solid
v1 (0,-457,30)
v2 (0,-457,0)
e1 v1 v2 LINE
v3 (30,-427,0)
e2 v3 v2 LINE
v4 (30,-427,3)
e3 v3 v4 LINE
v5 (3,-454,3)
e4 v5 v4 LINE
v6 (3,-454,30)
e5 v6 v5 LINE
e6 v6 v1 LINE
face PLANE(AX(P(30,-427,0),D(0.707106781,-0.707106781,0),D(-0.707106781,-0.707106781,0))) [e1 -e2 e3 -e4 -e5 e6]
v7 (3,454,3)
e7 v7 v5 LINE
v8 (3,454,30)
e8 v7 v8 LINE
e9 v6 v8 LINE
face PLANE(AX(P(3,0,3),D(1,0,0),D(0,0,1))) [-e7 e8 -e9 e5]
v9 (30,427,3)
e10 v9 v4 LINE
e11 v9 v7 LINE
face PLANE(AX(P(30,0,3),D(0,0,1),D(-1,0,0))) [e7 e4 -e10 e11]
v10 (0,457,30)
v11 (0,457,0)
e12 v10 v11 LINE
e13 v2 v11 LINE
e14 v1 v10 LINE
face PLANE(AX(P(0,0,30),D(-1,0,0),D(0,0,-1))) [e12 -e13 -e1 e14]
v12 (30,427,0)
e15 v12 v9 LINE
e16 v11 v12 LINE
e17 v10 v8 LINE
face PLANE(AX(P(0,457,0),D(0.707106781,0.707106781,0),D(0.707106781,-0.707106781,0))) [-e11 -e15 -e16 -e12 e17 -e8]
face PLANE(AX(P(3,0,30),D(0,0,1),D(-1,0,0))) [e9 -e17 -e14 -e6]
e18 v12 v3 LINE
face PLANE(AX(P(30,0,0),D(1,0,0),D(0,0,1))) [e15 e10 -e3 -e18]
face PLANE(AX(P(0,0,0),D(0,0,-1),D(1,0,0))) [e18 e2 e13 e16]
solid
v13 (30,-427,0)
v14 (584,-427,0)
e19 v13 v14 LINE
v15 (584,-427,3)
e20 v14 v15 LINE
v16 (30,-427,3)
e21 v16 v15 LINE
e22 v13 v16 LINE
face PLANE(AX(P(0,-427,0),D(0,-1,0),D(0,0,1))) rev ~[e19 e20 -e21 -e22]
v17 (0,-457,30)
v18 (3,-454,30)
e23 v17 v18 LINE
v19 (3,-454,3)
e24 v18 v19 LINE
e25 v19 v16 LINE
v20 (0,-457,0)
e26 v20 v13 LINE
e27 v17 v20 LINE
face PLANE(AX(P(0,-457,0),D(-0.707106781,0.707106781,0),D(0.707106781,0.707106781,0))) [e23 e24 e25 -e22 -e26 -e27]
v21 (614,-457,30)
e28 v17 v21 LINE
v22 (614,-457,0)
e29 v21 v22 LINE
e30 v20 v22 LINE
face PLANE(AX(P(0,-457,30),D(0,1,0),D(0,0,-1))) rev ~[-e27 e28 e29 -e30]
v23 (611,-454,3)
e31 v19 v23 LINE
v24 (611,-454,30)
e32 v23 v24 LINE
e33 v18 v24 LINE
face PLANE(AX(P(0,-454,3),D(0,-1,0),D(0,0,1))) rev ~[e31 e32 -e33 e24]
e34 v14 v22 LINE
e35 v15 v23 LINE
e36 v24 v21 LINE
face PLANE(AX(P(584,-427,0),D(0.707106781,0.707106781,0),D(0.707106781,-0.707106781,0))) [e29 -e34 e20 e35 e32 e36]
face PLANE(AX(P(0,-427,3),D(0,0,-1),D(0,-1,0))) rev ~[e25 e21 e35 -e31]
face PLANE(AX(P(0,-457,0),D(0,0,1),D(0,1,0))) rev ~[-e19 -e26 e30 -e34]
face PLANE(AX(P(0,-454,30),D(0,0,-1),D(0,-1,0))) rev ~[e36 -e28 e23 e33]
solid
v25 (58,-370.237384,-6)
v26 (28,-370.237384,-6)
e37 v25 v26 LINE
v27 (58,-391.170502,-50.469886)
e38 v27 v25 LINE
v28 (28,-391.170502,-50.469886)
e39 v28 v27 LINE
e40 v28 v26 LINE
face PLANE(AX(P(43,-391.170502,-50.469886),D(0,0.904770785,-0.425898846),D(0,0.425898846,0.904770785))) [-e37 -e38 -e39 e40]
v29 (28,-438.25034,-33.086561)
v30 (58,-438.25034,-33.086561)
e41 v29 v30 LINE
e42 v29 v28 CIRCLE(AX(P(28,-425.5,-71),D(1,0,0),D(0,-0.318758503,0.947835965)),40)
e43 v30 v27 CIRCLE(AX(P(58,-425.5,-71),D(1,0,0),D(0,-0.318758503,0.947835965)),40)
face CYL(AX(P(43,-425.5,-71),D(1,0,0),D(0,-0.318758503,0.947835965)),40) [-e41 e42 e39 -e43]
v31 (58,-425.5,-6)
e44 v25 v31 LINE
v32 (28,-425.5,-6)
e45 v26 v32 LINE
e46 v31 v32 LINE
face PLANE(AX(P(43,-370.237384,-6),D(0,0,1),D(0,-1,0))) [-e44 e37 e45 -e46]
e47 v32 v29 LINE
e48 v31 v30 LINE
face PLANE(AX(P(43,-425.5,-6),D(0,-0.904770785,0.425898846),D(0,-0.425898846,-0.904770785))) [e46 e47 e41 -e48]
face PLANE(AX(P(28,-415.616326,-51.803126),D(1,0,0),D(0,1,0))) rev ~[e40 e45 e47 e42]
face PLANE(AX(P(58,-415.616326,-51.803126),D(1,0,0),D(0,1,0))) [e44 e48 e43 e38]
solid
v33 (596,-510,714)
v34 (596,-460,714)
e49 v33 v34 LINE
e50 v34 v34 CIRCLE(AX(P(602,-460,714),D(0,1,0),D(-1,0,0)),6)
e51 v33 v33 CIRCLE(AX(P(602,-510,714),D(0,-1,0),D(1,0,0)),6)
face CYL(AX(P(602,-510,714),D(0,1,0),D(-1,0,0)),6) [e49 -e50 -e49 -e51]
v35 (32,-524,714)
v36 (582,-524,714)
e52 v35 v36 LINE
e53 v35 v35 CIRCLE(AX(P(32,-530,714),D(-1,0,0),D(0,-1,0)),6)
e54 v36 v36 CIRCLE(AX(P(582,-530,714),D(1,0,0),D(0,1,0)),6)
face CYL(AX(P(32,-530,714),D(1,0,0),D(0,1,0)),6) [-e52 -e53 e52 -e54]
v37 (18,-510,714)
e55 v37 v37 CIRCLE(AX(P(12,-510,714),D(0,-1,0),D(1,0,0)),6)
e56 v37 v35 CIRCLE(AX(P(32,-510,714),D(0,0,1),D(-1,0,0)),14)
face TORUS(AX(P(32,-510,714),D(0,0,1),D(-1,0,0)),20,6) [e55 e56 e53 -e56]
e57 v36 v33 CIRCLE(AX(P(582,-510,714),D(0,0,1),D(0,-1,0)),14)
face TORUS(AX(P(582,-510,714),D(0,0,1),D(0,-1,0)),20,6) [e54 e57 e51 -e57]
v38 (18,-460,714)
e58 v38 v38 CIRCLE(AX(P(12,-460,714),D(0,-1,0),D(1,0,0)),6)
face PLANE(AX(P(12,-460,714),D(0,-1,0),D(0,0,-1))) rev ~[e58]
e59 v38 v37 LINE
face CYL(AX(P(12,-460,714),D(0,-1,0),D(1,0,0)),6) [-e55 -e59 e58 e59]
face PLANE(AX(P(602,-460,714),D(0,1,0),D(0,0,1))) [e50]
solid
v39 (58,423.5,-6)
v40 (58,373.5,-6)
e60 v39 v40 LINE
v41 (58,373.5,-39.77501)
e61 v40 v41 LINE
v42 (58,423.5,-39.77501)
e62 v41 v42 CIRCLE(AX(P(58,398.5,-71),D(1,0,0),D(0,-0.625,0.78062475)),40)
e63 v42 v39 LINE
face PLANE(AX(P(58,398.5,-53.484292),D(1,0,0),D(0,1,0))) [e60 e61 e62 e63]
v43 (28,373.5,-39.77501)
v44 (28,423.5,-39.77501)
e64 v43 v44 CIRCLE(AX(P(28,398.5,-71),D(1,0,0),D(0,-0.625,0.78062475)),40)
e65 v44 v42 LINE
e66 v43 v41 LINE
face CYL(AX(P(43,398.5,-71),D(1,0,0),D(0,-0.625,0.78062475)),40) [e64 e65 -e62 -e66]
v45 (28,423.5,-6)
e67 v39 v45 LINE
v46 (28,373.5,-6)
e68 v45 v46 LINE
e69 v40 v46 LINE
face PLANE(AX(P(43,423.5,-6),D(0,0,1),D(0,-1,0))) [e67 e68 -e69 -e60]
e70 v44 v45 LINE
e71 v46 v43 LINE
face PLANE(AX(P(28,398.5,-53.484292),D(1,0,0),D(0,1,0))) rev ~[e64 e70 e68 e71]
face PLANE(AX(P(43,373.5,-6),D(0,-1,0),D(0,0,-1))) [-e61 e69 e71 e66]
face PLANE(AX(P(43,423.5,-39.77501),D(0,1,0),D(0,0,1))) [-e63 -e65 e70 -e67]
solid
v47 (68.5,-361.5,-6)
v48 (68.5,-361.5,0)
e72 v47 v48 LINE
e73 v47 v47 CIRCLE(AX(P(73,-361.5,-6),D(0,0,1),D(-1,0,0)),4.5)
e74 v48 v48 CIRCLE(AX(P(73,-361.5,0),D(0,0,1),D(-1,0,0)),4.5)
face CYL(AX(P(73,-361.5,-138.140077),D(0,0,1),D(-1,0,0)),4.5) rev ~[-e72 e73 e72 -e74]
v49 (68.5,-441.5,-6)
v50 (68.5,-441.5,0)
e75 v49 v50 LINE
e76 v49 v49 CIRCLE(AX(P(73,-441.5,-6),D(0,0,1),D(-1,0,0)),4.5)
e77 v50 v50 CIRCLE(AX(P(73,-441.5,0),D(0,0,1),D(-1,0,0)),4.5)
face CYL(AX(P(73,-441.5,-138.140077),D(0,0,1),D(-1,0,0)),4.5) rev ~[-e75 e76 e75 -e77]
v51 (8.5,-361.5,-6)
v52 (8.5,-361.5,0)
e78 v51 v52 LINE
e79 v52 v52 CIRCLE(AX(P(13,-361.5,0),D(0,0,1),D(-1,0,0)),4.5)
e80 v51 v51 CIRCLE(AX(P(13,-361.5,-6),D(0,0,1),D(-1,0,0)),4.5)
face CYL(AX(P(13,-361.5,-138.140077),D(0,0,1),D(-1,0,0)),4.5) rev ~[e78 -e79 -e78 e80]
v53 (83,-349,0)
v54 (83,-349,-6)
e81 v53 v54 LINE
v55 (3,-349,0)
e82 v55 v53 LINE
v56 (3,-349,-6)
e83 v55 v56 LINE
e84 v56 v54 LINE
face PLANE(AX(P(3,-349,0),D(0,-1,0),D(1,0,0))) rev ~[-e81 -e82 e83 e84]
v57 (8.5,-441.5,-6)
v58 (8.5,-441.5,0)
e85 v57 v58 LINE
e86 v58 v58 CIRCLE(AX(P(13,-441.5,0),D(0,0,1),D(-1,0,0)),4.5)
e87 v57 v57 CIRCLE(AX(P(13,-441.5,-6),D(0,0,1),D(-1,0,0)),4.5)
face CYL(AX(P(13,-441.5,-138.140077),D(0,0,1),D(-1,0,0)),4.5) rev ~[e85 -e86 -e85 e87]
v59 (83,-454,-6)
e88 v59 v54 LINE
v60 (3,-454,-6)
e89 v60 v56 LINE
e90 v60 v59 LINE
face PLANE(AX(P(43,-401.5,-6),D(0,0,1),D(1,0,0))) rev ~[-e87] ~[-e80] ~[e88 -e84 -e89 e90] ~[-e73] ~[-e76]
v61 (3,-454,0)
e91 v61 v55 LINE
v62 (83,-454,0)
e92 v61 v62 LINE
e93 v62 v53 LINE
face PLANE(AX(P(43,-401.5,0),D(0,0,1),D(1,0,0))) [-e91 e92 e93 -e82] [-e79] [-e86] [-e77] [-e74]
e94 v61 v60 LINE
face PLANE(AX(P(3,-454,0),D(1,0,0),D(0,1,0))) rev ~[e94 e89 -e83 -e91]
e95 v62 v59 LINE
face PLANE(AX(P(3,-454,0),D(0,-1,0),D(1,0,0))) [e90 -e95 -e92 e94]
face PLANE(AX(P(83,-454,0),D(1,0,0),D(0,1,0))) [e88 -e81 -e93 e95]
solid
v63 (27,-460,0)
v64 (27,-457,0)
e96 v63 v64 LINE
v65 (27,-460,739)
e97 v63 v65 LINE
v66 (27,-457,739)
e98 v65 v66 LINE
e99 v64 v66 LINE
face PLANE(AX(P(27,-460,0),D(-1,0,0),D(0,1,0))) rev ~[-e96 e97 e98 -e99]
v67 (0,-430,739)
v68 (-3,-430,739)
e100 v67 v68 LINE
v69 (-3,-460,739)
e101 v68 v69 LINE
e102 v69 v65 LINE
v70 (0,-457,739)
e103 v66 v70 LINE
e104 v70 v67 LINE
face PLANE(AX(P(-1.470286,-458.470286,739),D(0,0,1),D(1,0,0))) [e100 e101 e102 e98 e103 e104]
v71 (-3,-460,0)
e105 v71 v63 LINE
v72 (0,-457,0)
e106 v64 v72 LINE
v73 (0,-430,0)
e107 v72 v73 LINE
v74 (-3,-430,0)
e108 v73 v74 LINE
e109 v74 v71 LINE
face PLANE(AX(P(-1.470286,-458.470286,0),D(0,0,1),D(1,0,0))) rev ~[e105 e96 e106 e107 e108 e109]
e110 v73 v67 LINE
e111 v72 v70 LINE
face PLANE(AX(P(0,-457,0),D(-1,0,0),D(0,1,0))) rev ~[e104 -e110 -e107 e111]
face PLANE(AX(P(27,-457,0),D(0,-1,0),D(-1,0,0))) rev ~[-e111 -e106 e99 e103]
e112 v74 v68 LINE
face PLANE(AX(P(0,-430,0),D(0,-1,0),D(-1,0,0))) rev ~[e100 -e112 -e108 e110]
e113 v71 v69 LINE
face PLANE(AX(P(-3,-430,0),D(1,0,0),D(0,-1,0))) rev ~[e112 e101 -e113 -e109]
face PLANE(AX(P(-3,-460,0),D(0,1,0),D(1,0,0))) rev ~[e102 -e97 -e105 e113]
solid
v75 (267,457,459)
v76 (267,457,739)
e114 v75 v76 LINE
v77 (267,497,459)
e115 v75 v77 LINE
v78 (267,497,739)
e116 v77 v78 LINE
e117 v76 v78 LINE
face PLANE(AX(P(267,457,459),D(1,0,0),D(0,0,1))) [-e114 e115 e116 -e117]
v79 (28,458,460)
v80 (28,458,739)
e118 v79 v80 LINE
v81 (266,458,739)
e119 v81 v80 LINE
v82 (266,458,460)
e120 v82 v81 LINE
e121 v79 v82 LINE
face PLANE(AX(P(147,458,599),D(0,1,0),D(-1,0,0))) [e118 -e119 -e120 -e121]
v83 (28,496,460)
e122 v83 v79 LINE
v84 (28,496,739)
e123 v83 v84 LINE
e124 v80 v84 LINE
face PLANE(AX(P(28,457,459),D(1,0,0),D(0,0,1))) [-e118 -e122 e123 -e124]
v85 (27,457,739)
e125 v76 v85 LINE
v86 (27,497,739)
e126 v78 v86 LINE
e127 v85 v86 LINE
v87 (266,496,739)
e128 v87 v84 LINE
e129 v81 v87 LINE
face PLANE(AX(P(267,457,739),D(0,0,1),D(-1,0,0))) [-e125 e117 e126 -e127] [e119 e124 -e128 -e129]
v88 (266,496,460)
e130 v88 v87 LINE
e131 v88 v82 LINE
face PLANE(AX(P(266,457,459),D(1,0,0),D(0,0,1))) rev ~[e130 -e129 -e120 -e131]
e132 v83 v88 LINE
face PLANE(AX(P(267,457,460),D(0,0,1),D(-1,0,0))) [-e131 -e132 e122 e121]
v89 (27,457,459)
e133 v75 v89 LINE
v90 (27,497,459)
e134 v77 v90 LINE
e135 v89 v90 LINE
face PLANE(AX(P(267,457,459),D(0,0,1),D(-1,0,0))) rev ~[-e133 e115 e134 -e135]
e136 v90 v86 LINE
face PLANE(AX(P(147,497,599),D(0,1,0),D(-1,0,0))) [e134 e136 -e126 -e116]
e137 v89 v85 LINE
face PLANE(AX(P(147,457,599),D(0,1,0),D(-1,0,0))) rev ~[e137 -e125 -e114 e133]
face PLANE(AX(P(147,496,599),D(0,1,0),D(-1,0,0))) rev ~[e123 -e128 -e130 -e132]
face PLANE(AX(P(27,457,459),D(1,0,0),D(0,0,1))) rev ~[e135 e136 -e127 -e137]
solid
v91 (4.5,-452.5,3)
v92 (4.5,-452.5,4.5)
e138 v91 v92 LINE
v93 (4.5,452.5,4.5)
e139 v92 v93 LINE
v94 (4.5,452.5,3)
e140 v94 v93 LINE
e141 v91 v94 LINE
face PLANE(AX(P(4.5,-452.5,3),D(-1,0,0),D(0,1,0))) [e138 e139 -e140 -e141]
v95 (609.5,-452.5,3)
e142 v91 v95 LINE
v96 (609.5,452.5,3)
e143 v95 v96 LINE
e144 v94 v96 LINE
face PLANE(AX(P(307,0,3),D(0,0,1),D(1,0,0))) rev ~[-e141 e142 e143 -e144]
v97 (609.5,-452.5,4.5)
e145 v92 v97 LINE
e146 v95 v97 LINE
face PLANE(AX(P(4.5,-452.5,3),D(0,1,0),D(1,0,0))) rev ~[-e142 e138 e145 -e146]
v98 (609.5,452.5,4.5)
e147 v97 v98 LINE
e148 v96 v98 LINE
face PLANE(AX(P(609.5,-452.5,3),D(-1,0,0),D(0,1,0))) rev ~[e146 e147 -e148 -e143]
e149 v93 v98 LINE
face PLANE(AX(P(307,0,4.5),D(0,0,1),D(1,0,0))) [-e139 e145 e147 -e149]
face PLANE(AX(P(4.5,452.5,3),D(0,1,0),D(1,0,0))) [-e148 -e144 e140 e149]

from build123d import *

# Parameters (mm, degrees)
F7_DEPTH  = 457
F9_DEPTH  = 30
F11_DEPTH = 614
F13_DEPTH = 30
F15_DEPTH = 739
F16_W     = 80
F16_H     = 105
F17_DEPTH = 6
F19_D     = 9
F22_R     = 6
F25_W     = 240
F25_H     = 280
F26_DEPTH = 40
F27_T     = -1
F29_W     = 605
F29_H     = 905
F30_DEPTH = 1.5
F35_DEPTH = 15
F37_DEPTH = 15


with BuildPart() as f7:
    # F6 (on Front) → F7 (new body, symmetric)
    with BuildSketch(Plane.XZ):
        with BuildLine():
            ThreePointArc((5, 0), (1.4644660941, 1.4644660941), (0, 5))
            Line((0, 5), (0, 0))
            Line((0, 0), (5, 0))
        make_face()
        with BuildLine():
            Line((0, 30), (0, 5))
            ThreePointArc((0, 5), (1.4644660941, 1.4644660941), (5, 0))
            Line((5, 0), (30, 0))
            Line((30, 0), (30, 3))
            Line((30, 3), (5, 3))
            Line((5, 3), (3, 3))
            Line((3, 3), (3, 5))
            Line((3, 5), (3, 30))
            Line((3, 30), (0, 30))
        make_face()
    extrude(amount=F7_DEPTH, both=True)

    # F8 (on Top) → F9 (cut, through all)
    with BuildSketch(Plane.XY):
        Polygon((30, -427), (0, -457), (30, -457), align=None)
        Polygon((0, 457), (30, 427), (30, 457), align=None)
    extrude(amount=F9_DEPTH, mode=Mode.SUBTRACT)


with BuildPart() as f11:
    # F10 (on Right) → F11 (new body)
    with BuildSketch(Plane.YZ):
        with BuildLine():
            ThreePointArc((-452, 0), (-455.5355339059, 1.4644660941), (-457, 5))
            Line((-457, 5), (-457, 0))
            Line((-457, 0), (-452, 0))
        make_face()
        with BuildLine():
            Line((-457, 30), (-457, 5))
            ThreePointArc((-457, 5), (-455.5355339059, 1.4644660941), (-452, 0))
            Line((-452, 0), (-427, 0))
            Line((-427, 0), (-427, 3))
            Line((-427, 3), (-452, 3))
            Line((-452, 3), (-454, 3))
            Line((-454, 3), (-454, 5))
            Line((-454, 5), (-454, 30))
            Line((-454, 30), (-457, 30))
        make_face()
    extrude(amount=F11_DEPTH)

    # F12 (on Top) → F13 (cut, through all)
    with BuildSketch(Plane.XY):
        Polygon((0, -457), (30, -427), (0, -427), align=None)
        Polygon((614, -427), (584, -427), (614, -457), align=None)
    extrude(amount=F13_DEPTH, mode=Mode.SUBTRACT)


with BuildPart() as f15:
    # F14 (on Top) → F15 (new body)
    with BuildSketch(Plane.XY):
        with BuildLine():
            ThreePointArc((2, -460), (-1.5355339059, -458.5355339059), (-3, -455))
            Line((-3, -455), (-3, -460))
            Line((-3, -460), (2, -460))
        make_face()
        with BuildLine():
            Line((-3, -430), (-3, -455))
            ThreePointArc((-3, -455), (-1.5355339059, -458.5355339059), (2, -460))
            Line((2, -460), (27, -460))
            Line((27, -460), (27, -457))
            Line((27, -457), (2, -457))
            Line((2, -457), (0, -457))
            Line((0, -457), (0, -455))
            Line((0, -455), (0, -430))
            Line((0, -430), (-3, -430))
        make_face()
    extrude(amount=F15_DEPTH)


with BuildPart() as f17:
    # F16 (on Top) → F17 (new body)
    with BuildSketch(Plane.XY):
        with Locations((43, -401.5)):
            Rectangle(F16_W, F16_H)
    extrude(amount=-F17_DEPTH)

    # F19 (through all)
    with Locations(Plane(origin=(0, 0, -6), x_dir=(1, 0, 0), z_dir=(0, 0, -1))):
        with Locations((13, 441.5), (73, 441.5), (73, 361.5), (13, 361.5)):
            Hole(F19_D / 2)


with BuildPart() as f23:
    # F23: sweep along a path in F21
    with BuildLine(Plane.XY.offset(714)) as f23_path:
        Line((12, -460), (12, -510))
        ThreePointArc((12, -510), (17.8578643763, -524.1421356237), (32, -530))
        Line((32, -530), (582, -530))
        ThreePointArc((582, -530), (596.1421356237, -524.1421356237), (602, -510))
        Line((602, -510), (602, -460))
    # F22 (on face) → F23 (sweep)
    with BuildSketch(Plane.XZ.offset(460)):
        with Locations((12, 714)):
            Circle(F22_R)
    sweep(path=f23_path.line)


with BuildPart() as f26:
    # F25 (on face) → F26 (new body)
    with BuildSketch(Plane(origin=(0, 457, 0), x_dir=(-1, 0, 0), z_dir=(0, 1, 0))):
        with Locations((-147, 599)):
            Rectangle(F25_W, F25_H)
    extrude(amount=F26_DEPTH)

    # F27
    f27_openings = [f26.faces().sort_by_distance(p)[0] for p in [
        (147, 477, 739),
    ]]
    offset(amount=F27_T, openings=f27_openings)


with BuildPart() as f30:
    # F29 (on face) → F30 (new body)
    with BuildSketch(Plane.XY.offset(3)):
        with Locations((307, 0)):
            Rectangle(F29_W, F29_H)
    extrude(amount=F30_DEPTH)


with BuildPart() as f35:
    # F34 (on mid) → F35 (new body, symmetric)
    with BuildSketch(Plane.YZ.offset(43)):
        with BuildLine():
            Line((373.5, -6), (373.5, -39.775010008))
            ThreePointArc((373.5, -39.775010008), (398.5, -111), (423.5, -39.775010008))
            Line((423.5, -39.775010008), (423.5, -6))
            Line((423.5, -6), (373.5, -6))
        make_face()
    extrude(amount=F35_DEPTH, both=True)


with BuildPart() as f37:
    # F36 (on mid) → F37 (new body, symmetric)
    with BuildSketch(Plane.YZ.offset(43)):
        with BuildLine():
            Line((-425.5, -6), (-438.2503401227, -33.0865613963))
            ThreePointArc((-438.2503401227, -33.0865613963), (-439.3549633104, -108.5238589656), (-391.1705020722, -50.4698862149))
            Line((-391.1705020722, -50.4698862149), (-370.2373844955, -6))
            Line((-370.2373844955, -6), (-425.5, -6))
        make_face()
    extrude(amount=F37_DEPTH, both=True)


solid = Compound([f7.part, f11.part, f15.part, f17.part, f23.part, f26.part, f30.part, f35.part, f37.part])
